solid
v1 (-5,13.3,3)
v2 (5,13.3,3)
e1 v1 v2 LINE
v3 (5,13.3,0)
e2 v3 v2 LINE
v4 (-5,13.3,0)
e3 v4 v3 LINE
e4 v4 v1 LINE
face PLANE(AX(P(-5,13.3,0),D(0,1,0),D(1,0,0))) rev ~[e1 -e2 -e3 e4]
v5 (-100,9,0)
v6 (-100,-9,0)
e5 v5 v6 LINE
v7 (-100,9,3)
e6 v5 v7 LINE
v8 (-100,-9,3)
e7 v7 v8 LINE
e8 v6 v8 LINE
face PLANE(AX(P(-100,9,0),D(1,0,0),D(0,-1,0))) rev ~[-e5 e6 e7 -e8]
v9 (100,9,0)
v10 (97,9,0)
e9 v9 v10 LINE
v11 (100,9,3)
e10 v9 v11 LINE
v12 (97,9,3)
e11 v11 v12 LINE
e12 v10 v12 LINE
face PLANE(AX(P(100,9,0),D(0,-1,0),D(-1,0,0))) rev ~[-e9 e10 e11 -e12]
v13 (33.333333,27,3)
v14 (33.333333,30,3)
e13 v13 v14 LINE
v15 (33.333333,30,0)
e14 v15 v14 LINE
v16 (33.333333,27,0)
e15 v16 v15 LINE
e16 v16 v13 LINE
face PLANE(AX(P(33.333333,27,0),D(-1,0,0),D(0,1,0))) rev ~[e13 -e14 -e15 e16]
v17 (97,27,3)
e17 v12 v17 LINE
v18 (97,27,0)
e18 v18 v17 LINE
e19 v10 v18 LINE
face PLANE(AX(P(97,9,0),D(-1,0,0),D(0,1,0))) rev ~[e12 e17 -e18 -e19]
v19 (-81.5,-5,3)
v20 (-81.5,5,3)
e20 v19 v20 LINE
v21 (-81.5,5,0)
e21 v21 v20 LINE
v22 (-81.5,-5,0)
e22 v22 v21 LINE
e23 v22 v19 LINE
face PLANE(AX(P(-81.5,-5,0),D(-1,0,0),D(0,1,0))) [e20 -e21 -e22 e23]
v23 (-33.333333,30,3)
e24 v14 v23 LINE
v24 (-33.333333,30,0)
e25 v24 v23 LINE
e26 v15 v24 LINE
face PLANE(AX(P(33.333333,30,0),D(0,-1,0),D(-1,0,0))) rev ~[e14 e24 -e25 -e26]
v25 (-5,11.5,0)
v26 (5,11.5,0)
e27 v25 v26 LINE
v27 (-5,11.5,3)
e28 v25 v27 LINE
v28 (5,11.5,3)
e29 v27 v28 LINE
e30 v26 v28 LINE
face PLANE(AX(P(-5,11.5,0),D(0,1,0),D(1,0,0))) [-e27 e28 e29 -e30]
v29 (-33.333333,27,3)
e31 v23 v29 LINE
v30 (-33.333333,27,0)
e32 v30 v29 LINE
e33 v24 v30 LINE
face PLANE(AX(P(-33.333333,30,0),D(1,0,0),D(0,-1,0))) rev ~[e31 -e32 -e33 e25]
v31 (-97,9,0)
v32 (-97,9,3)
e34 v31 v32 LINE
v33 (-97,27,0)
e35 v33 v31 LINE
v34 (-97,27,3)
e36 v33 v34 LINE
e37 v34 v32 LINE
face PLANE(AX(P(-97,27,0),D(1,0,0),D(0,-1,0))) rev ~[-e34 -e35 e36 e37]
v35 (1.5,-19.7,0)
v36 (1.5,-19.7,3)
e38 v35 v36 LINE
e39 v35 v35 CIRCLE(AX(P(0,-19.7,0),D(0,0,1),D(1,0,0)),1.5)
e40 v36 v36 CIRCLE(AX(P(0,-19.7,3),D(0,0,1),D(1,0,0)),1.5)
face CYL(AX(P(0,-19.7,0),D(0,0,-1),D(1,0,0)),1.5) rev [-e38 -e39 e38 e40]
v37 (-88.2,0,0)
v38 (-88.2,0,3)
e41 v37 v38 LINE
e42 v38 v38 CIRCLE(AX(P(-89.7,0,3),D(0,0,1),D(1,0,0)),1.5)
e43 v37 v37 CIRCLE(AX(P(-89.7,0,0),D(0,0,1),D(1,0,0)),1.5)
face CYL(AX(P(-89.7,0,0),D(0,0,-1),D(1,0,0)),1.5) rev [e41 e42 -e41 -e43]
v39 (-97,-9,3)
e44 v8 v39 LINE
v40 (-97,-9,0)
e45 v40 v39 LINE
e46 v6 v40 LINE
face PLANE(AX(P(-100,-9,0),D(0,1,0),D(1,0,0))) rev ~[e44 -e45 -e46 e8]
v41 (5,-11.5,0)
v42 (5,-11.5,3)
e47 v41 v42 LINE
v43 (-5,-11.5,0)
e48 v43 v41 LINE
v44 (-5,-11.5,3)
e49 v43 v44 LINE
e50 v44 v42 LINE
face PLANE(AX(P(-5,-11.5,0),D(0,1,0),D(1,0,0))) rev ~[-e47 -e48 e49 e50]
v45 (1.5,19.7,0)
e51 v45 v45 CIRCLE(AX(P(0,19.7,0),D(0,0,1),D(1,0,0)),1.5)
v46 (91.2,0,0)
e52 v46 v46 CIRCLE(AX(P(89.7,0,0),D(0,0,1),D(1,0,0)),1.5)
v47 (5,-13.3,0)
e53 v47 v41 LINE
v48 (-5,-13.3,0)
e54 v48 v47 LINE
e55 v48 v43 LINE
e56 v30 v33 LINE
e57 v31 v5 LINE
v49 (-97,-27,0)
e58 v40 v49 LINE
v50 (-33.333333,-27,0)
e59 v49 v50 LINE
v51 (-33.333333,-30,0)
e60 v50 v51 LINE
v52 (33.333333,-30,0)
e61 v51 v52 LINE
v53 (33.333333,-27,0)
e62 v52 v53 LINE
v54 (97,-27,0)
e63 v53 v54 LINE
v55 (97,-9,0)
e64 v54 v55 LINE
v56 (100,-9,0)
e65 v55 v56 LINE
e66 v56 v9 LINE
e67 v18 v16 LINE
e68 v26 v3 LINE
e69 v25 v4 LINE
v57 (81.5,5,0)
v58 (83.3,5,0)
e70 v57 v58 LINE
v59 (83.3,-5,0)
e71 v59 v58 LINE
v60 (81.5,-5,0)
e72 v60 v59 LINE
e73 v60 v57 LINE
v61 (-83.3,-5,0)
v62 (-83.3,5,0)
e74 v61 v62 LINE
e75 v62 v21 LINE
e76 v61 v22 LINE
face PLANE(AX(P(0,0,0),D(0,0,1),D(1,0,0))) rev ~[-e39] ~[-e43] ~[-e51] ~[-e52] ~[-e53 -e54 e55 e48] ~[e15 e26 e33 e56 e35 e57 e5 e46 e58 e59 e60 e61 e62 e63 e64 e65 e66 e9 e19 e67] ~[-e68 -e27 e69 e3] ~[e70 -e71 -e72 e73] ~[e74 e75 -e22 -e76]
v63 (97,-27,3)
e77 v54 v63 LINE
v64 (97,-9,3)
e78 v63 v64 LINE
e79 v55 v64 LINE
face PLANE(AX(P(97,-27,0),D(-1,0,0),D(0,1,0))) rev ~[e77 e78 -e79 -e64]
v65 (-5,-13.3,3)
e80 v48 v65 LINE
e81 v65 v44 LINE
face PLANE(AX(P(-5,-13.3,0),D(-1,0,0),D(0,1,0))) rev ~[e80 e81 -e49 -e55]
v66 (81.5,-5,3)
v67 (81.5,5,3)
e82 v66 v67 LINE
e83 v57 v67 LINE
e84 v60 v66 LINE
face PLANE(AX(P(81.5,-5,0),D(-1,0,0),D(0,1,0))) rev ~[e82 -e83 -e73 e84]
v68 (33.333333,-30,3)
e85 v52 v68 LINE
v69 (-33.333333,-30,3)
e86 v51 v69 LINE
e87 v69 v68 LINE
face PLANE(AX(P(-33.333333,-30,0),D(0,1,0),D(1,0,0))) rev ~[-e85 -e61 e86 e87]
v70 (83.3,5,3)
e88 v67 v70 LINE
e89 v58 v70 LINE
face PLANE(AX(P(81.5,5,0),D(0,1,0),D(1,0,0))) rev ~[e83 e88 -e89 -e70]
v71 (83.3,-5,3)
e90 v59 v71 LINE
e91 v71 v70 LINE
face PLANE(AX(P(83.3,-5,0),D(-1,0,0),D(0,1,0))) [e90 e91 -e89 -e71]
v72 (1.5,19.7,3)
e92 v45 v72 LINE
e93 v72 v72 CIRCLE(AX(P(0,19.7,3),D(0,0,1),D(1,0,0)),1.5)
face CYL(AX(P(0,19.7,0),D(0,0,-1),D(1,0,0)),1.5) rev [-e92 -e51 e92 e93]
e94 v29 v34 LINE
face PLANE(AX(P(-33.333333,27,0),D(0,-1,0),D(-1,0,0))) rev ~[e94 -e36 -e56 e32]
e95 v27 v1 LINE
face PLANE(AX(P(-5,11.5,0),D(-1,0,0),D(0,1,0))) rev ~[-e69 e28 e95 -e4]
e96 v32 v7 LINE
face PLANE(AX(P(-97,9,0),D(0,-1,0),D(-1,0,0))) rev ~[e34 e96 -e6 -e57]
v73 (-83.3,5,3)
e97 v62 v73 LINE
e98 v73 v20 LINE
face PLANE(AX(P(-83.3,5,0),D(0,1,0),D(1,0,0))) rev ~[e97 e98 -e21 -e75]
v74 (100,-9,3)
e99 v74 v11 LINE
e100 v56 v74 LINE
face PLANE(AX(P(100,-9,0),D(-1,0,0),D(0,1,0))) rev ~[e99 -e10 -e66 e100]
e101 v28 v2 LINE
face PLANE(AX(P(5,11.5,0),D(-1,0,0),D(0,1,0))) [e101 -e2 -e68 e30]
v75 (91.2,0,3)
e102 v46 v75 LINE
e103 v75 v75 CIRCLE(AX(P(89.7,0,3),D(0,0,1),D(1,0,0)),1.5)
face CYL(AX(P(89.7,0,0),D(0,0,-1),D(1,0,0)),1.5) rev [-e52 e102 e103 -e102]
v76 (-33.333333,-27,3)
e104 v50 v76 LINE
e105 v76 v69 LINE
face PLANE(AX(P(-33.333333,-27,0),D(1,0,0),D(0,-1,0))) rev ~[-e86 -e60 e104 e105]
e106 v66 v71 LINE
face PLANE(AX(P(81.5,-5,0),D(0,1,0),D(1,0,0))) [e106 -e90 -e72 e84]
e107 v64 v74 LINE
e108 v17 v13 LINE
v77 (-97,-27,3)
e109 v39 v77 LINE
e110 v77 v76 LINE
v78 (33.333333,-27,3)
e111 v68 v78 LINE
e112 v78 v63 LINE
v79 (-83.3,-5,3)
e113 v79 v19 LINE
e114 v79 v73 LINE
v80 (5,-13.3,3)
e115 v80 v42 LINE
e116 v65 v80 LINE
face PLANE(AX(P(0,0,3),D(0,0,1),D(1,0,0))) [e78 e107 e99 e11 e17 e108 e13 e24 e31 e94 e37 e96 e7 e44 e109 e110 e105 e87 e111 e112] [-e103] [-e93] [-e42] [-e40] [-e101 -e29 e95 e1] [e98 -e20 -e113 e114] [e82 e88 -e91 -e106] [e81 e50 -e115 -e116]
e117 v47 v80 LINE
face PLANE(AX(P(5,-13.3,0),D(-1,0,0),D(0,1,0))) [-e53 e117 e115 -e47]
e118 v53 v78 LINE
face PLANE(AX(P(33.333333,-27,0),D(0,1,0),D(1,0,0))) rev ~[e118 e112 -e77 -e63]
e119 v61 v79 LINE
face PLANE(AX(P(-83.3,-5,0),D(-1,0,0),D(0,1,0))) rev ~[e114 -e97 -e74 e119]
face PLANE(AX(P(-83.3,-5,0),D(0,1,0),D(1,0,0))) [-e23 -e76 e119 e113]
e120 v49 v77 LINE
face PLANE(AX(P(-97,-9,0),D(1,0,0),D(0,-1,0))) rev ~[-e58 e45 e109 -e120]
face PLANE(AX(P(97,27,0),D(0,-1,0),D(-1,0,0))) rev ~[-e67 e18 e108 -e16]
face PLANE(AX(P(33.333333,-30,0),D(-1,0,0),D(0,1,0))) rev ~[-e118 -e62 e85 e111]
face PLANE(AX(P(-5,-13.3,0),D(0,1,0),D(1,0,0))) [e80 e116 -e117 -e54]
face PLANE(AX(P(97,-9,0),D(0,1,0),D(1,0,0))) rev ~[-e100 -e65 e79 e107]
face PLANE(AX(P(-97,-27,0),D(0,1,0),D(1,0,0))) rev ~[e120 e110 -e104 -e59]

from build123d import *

# Parameters (mm, degrees)
F0_R     = 1.5
F0_W     = 10
F0_H     = 1.8
F0_W_2   = 1.8
F0_H_2   = 10
F1_DEPTH = 3


with BuildPart() as f1:
    # F0 (on Top) → F1 (new body)
    with BuildSketch(Plane.XY):
        Polygon((-33.333333, 27), (-97, 27), (-97, 9), (-100, 9), (-100, -9), (-97, -9), (-97, -27), (-33.333333, -27), (-33.333333, -30), (33.333333, -30), (33.333333, -27), (97, -27), (97, -9), (100, -9), (100, 9), (97, 9), (97, 27), (33.333333, 27), (33.333333, 30), (-33.333333, 30), align=None)
        with Locations((0, -19.7)):
            Circle(F0_R, mode=Mode.SUBTRACT)
        with Locations((0, -12.4)):
            Rectangle(F0_W, F0_H, mode=Mode.SUBTRACT)
        with Locations((-89.7, 0)):
            Circle(F0_R, mode=Mode.SUBTRACT)
        with Locations((-82.4, 0)):
            Rectangle(F0_W_2, F0_H_2, mode=Mode.SUBTRACT)
        with Locations((0, 12.4)):
            Rectangle(F0_W, F0_H, mode=Mode.SUBTRACT)
        with Locations((82.4, 0)):
            Rectangle(F0_W_2, F0_H_2, mode=Mode.SUBTRACT)
        with Locations((89.7, 0)):
            Circle(F0_R, mode=Mode.SUBTRACT)
        with Locations((0, 19.7)):
            Circle(F0_R, mode=Mode.SUBTRACT)
    extrude(amount=F1_DEPTH)


solid = f1.part
